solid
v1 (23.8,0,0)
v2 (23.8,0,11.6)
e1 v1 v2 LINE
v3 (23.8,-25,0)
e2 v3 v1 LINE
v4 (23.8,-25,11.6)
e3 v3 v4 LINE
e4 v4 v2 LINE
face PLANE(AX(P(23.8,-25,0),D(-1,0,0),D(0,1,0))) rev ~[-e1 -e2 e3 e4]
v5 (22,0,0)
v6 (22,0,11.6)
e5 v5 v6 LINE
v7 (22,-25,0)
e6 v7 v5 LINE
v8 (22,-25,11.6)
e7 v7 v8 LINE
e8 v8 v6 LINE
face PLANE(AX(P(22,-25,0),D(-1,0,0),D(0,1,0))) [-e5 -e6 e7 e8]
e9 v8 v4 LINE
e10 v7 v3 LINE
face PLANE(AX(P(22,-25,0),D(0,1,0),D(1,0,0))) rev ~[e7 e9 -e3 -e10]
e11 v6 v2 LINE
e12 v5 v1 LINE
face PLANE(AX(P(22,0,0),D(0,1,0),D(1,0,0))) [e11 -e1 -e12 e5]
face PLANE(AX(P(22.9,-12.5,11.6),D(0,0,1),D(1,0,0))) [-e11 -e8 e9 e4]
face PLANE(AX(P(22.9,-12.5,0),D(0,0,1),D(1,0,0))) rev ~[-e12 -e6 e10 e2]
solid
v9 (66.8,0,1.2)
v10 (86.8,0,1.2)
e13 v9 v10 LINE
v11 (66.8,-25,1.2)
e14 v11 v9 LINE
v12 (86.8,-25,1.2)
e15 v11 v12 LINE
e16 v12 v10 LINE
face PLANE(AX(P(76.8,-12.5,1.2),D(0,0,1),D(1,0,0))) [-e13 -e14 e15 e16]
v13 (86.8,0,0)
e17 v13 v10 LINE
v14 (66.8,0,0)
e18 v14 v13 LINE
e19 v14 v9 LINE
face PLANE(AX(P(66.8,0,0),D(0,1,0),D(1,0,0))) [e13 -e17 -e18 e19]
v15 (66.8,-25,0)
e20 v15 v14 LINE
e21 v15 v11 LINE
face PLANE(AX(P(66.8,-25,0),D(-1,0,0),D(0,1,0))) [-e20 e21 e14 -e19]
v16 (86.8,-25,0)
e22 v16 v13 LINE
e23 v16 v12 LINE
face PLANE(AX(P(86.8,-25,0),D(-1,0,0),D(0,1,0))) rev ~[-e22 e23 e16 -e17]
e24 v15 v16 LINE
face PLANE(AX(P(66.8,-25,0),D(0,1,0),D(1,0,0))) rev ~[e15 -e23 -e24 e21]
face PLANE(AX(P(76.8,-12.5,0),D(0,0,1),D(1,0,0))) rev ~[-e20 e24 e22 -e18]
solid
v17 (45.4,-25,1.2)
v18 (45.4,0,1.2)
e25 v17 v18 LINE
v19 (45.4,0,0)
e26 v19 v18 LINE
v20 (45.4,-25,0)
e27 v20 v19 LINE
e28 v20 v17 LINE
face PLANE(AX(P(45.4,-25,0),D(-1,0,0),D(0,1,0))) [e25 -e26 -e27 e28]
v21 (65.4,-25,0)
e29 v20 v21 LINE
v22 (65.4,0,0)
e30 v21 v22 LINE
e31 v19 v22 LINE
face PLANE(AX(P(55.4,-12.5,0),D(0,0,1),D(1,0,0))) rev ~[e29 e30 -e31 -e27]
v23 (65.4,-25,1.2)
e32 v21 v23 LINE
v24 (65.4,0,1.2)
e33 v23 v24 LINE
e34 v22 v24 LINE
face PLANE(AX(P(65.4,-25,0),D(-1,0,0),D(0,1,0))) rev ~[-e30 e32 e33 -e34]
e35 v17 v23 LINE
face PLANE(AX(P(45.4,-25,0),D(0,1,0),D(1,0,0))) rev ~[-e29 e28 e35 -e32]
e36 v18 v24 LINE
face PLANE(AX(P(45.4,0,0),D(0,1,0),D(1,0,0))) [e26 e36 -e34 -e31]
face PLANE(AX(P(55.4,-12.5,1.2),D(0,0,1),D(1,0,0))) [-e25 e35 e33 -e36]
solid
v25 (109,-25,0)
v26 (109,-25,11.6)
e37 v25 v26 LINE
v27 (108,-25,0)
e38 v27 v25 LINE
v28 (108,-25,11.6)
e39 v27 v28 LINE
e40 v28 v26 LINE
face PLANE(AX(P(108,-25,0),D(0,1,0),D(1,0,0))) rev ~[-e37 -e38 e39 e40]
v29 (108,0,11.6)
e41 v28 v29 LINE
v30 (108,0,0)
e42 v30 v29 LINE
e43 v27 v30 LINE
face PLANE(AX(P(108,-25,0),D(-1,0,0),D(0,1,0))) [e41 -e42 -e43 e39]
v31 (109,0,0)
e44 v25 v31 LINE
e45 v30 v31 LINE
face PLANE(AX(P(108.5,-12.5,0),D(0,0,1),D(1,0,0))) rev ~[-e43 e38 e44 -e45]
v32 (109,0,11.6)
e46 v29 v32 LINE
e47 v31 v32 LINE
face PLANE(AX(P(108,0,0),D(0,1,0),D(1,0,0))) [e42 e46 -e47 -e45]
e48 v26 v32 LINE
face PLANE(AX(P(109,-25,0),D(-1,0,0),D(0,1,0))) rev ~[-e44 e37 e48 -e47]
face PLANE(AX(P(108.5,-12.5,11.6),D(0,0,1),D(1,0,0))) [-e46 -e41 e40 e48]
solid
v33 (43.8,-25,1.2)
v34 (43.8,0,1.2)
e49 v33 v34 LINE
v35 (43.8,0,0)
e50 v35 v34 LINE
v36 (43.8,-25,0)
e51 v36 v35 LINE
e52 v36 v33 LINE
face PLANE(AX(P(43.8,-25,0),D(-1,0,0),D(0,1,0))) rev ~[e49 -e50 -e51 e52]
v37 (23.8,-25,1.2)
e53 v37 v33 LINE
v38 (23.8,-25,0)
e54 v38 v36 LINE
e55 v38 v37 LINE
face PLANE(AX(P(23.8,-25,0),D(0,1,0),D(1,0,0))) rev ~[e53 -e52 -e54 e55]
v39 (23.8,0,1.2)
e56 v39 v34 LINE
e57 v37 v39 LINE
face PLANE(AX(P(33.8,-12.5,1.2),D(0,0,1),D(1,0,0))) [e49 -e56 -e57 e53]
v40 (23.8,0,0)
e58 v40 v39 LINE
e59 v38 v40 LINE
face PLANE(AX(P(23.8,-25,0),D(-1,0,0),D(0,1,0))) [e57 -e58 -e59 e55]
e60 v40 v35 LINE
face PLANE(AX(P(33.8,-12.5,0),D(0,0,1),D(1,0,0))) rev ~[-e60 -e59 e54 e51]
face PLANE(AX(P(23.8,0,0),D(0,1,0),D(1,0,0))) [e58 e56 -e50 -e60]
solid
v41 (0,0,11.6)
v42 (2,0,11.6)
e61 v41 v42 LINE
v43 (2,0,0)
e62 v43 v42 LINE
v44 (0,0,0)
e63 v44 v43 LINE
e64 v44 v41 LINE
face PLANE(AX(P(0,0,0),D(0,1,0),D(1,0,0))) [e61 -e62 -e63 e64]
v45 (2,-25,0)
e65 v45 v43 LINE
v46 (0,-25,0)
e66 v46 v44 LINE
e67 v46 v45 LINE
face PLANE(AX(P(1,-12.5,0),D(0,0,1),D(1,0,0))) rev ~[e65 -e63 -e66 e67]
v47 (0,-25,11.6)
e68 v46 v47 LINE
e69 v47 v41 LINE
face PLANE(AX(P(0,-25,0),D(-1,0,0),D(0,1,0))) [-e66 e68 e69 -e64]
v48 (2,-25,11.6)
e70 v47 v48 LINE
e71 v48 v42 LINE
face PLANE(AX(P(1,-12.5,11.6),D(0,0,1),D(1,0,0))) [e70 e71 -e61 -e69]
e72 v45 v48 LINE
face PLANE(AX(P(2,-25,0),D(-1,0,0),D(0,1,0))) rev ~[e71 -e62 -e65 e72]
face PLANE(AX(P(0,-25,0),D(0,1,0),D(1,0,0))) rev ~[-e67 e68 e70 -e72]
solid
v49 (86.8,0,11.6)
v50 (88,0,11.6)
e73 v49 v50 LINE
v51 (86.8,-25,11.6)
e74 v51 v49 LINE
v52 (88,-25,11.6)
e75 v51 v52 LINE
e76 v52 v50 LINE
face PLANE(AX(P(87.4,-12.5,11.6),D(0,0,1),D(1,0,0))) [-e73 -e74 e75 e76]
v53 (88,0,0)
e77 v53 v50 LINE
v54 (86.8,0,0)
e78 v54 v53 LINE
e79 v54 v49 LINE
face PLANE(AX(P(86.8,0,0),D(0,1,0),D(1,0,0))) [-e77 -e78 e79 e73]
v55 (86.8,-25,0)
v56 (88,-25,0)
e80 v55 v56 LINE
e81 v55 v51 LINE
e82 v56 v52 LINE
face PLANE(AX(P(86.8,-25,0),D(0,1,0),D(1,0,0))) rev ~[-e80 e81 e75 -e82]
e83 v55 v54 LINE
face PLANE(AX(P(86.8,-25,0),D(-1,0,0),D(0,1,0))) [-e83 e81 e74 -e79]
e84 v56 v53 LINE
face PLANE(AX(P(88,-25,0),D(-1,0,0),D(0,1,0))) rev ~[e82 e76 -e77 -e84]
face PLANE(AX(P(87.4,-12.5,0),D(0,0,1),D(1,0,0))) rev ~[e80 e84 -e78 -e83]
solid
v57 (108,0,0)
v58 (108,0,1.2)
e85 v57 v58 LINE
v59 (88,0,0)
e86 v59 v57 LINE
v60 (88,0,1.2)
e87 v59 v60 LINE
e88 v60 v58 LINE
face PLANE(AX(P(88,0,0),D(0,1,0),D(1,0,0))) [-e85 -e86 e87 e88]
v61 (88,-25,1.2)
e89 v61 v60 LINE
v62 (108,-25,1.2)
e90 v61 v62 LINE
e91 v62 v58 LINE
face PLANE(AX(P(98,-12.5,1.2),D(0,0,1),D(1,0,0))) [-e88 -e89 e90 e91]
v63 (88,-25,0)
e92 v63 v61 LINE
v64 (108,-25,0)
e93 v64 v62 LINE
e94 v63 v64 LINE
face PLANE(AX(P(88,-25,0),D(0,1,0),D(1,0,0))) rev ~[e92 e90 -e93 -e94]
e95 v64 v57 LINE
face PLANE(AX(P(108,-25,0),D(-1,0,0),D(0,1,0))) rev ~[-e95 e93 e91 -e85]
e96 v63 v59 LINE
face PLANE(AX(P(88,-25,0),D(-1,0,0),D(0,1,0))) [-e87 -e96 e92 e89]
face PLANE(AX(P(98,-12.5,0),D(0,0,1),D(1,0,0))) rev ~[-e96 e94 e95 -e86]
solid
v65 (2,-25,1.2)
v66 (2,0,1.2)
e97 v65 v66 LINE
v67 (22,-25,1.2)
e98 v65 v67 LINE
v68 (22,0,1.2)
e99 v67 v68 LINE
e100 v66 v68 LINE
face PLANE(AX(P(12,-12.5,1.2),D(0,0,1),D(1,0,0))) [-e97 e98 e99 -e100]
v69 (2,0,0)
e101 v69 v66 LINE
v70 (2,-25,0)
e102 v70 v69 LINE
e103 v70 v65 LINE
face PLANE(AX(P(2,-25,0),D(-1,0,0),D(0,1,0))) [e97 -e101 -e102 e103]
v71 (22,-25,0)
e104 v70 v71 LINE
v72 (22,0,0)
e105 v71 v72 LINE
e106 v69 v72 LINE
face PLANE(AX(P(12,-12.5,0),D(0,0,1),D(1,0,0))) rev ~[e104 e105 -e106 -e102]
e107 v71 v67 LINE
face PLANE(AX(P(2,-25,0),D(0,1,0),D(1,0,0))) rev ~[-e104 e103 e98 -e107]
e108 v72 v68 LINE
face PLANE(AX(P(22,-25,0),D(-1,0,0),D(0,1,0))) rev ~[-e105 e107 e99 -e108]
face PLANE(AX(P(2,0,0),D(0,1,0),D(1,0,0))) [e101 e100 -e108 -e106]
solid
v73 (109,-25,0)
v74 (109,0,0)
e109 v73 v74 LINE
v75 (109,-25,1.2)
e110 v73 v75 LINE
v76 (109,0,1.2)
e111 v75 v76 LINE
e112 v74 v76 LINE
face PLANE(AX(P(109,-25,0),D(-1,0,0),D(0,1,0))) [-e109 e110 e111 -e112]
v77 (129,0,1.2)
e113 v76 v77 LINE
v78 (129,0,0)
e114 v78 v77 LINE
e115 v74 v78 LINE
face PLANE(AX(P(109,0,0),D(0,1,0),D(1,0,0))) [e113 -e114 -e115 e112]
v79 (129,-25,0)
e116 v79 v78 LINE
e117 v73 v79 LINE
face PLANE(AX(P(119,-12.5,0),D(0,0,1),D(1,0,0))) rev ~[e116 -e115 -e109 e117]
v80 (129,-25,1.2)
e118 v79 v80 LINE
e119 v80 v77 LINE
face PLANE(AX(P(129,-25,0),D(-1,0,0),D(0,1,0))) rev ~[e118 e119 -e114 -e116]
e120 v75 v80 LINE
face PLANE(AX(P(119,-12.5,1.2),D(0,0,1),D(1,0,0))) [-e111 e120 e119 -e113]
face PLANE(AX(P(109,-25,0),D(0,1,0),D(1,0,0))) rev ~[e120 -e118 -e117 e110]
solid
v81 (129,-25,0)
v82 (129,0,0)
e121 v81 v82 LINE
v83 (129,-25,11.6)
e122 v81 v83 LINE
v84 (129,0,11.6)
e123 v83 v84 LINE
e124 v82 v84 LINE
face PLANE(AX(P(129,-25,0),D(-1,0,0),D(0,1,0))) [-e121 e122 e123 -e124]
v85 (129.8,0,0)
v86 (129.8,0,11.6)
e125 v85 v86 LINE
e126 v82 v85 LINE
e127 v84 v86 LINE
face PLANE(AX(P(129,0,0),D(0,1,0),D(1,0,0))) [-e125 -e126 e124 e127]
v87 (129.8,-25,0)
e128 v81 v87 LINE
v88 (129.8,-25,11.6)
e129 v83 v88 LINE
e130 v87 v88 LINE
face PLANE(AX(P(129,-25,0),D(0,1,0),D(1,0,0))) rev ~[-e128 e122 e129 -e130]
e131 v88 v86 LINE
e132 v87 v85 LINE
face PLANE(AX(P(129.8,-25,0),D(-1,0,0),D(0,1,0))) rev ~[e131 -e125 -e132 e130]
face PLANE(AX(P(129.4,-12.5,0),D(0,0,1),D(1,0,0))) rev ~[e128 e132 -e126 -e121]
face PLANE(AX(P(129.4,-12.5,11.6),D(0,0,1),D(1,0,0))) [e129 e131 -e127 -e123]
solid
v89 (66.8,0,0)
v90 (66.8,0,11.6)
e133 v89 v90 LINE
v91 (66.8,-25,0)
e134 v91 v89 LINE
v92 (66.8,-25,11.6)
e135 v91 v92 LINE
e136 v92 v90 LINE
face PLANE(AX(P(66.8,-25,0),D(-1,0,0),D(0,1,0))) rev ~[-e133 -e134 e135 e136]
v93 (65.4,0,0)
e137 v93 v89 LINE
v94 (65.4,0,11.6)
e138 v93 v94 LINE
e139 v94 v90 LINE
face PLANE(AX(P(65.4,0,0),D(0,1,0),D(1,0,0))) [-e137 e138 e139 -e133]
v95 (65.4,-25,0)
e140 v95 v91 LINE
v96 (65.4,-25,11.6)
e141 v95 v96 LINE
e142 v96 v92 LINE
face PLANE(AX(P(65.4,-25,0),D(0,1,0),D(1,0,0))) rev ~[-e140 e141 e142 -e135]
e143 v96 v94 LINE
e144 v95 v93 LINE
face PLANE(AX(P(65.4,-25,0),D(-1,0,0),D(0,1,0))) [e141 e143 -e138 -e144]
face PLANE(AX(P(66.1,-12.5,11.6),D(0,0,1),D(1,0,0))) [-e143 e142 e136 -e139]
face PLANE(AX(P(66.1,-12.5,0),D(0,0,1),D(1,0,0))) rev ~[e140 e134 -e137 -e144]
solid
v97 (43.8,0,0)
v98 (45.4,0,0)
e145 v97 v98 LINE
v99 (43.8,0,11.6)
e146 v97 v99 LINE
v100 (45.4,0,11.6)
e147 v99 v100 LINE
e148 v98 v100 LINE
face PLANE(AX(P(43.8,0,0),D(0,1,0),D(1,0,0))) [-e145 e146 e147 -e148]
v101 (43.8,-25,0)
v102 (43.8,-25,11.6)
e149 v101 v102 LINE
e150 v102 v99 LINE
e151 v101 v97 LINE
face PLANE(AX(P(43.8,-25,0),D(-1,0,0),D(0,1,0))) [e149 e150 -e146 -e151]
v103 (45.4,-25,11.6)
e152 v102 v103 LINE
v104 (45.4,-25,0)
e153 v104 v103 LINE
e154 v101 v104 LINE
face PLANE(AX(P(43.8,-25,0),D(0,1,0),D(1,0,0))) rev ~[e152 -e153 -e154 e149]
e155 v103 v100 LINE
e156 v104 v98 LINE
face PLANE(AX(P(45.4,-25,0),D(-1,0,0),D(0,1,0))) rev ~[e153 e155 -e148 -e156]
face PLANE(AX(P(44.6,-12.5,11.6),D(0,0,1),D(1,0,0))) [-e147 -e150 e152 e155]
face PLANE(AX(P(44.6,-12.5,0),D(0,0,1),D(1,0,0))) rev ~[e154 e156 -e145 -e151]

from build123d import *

# Parameters (mm, degrees)
F0_W     = 2
F0_H     = 25
F0_W_2   = 1.8
F0_W_3   = 1.6
F0_W_4   = 1.4
F0_W_5   = 1.2
F0_W_6   = 1
F0_W_7   = 0.8
F1_DEPTH = 11.6
F0_W_8   = 20
F2_DEPTH = 1.2


with BuildPart() as f1:
    # F0 (on Top) → F1 (new body)
    with BuildSketch(Plane.XY):
        with Locations((1, -12.5)):
            Rectangle(F0_W, F0_H)
        with Locations((22.9, -12.5)):
            Rectangle(F0_W_2, F0_H)
        with Locations((44.6, -12.5)):
            Rectangle(F0_W_3, F0_H)
        with Locations((66.1, -12.5)):
            Rectangle(F0_W_4, F0_H)
        with Locations((87.4, -12.5)):
            Rectangle(F0_W_5, F0_H)
        with Locations((108.5, -12.5)):
            Rectangle(F0_W_6, F0_H)
        with Locations((129.4, -12.5)):
            Rectangle(F0_W_7, F0_H)
    extrude(amount=F1_DEPTH)


with BuildPart() as f2:
    # F0 (on Top) → F2 (new body)
    with BuildSketch(Plane.XY):
        with Locations((12, -12.5)):
            Rectangle(F0_W_8, F0_H)
        with Locations((33.8, -12.5)):
            Rectangle(F0_W_8, F0_H)
        with Locations((55.4, -12.5)):
            Rectangle(F0_W_8, F0_H)
        with Locations((76.8, -12.5)):
            Rectangle(F0_W_8, F0_H)
        with Locations((98, -12.5)):
            Rectangle(F0_W_8, F0_H)
        with Locations((119, -12.5)):
            Rectangle(F0_W_8, F0_H)
    extrude(amount=F2_DEPTH)


solid = Compound([f1.part, f2.part])
